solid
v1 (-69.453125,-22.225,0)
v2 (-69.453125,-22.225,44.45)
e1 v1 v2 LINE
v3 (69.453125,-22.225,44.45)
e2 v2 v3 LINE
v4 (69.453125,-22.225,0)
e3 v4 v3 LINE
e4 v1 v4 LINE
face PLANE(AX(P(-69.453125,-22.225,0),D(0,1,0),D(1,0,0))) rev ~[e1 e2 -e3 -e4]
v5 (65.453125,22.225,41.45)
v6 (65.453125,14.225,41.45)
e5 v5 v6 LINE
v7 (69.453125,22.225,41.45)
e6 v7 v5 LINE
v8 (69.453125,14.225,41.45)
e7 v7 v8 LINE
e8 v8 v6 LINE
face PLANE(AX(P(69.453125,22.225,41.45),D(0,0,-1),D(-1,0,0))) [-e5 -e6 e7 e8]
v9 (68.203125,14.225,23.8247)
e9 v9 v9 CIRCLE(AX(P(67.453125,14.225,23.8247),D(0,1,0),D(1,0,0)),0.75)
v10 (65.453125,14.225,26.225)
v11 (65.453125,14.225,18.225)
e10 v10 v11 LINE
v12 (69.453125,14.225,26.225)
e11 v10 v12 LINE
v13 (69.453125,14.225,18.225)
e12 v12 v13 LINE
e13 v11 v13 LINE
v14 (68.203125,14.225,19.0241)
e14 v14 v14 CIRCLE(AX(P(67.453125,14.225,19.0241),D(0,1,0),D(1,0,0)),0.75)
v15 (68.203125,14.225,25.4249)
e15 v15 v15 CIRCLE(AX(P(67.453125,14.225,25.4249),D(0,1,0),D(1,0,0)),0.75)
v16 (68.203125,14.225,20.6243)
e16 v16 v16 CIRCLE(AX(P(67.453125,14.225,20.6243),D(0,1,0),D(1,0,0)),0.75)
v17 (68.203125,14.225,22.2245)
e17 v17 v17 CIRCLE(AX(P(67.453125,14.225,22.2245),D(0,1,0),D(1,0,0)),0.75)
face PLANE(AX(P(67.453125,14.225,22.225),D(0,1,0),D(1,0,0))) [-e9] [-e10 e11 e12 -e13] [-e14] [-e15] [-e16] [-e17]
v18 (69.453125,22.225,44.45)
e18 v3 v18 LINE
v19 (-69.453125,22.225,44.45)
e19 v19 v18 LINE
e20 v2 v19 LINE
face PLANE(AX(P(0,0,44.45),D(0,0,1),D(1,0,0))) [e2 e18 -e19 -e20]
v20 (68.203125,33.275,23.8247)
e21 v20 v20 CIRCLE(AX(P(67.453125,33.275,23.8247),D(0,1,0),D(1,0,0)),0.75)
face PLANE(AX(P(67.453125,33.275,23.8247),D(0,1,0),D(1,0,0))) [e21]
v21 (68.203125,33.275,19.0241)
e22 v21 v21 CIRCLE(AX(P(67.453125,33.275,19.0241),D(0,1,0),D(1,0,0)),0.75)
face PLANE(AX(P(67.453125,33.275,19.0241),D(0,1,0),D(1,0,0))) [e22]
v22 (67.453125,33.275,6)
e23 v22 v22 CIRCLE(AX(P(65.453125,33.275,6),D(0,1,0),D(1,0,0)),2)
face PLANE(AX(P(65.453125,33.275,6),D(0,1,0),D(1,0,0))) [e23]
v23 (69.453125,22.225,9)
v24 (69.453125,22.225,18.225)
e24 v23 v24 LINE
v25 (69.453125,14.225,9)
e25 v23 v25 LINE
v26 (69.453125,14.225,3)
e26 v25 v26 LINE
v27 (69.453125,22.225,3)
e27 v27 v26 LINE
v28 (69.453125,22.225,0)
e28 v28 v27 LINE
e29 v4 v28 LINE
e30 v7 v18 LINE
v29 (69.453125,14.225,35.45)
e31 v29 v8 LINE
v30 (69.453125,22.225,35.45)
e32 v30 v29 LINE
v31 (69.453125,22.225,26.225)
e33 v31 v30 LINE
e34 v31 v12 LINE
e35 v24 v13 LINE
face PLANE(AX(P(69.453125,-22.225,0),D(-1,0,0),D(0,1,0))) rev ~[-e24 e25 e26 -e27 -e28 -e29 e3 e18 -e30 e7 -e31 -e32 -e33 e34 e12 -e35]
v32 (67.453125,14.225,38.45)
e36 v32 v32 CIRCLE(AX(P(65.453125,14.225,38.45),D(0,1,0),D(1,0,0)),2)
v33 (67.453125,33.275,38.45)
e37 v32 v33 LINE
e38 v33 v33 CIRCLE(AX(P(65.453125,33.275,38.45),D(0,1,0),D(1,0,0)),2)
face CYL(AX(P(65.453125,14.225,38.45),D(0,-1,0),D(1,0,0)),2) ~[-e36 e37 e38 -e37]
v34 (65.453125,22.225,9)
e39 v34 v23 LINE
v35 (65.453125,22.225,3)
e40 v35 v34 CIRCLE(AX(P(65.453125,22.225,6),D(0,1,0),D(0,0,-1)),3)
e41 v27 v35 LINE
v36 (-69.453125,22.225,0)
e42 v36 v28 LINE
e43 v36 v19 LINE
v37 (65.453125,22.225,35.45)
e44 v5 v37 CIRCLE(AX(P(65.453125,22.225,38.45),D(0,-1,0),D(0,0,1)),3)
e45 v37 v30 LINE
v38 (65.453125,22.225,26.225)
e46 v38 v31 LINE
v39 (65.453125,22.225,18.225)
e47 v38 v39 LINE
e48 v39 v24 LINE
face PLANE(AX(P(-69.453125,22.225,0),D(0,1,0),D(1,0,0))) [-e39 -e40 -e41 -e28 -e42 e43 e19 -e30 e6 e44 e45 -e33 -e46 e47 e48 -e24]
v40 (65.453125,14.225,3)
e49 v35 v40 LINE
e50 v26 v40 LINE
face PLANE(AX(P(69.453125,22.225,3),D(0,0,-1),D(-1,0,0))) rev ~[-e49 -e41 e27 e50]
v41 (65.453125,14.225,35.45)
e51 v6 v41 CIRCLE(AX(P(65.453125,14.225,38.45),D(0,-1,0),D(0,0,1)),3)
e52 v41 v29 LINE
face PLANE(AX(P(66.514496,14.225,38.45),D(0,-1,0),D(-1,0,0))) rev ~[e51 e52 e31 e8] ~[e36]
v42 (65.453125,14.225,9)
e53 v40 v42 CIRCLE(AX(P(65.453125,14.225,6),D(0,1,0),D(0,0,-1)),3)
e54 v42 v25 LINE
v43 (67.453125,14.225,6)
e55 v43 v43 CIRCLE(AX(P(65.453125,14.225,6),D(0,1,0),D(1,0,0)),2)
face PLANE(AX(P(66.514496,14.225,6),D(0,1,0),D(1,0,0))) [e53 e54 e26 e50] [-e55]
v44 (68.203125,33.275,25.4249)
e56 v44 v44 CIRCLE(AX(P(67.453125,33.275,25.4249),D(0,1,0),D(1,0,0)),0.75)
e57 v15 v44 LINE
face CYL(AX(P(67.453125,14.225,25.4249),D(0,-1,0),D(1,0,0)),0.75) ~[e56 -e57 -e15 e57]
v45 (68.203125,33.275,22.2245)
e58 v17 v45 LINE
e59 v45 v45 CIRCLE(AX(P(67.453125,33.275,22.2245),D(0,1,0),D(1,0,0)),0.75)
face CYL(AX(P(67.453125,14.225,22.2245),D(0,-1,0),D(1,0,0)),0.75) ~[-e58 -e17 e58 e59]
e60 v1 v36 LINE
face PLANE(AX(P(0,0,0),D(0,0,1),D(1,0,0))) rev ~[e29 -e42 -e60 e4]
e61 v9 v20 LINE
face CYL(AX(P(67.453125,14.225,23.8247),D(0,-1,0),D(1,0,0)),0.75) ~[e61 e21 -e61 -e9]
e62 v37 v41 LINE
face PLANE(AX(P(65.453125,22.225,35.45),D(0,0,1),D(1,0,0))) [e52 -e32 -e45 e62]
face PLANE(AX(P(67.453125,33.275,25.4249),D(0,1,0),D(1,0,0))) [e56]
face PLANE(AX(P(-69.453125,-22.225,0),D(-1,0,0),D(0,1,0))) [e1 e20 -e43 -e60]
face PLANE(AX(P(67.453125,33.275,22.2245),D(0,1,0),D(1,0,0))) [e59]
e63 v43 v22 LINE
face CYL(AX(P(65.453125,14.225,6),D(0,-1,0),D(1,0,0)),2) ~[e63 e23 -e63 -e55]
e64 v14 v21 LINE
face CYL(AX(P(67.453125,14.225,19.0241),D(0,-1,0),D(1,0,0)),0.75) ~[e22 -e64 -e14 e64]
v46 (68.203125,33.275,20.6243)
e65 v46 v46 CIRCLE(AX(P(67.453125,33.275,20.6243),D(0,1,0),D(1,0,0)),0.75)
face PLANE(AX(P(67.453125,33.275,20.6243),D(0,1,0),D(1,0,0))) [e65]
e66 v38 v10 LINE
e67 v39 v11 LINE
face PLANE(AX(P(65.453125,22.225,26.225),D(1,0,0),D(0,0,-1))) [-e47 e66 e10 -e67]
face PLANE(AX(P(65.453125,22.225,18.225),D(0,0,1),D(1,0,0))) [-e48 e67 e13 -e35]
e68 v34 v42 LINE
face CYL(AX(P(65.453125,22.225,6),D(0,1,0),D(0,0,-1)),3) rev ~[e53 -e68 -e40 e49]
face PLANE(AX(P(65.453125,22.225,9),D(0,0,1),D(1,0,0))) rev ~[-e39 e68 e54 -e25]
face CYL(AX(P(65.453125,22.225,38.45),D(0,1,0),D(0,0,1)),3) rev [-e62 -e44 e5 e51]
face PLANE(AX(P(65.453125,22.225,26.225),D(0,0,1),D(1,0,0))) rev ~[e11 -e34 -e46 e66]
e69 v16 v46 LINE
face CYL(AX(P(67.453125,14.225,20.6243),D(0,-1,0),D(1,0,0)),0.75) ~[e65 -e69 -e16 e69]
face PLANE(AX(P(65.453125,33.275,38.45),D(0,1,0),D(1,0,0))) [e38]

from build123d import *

# Parameters (mm, degrees)
SKETCH1_W           = 138.90625
SKETCH1_H           = 44.45
BOSS_EXTRUDE1_DEPTH = 44.45
SKETCH2_W           = 4
SKETCH2_H           = 8
CUT_EXTRUDE1_DEPTH  = 8
SKETCH3_R           = 2
SKETCH3_R_2         = 0.75
BOSS_EXTRUDE2_DEPTH = 19.05


with BuildPart() as part:
    # Sketch1 → Boss-Extrude1 (new body)
    with BuildSketch(Plane.XY):
        Rectangle(SKETCH1_W, SKETCH1_H)
    extrude(amount=BOSS_EXTRUDE1_DEPTH)

    # Sketch2 → Cut-Extrude1 (cut)
    with BuildSketch(Plane(origin=(0, 22.225, 0), x_dir=(1, 0, 0), z_dir=(0, 1, 0))):
        with BuildLine():
            Line((65.453125, -35.45), (69.453125, -35.45))
            Line((69.453125, -35.45), (69.453125, -41.45))
            Line((69.453125, -41.45), (65.453125, -41.45))
            ThreePointArc((65.453125, -41.45), (62.453125, -38.45), (65.453125, -35.45))
        make_face()
        with BuildLine():
            Line((69.453125, -3), (65.453125, -3))
            ThreePointArc((65.453125, -3), (62.453125, -6), (65.453125, -9))
            Line((65.453125, -9), (69.453125, -9))
            Line((69.453125, -9), (69.453125, -3))
        make_face()
        with Locations((67.453125, -22.225)):
            Rectangle(SKETCH2_W, SKETCH2_H)
    extrude(amount=-CUT_EXTRUDE1_DEPTH, mode=Mode.SUBTRACT)

    # Sketch3 → Boss-Extrude2 (add)
    with BuildSketch(Plane(origin=(0, 14.225, 0), x_dir=(1, 0, 0), z_dir=(0, 1, 0))):
        with Locations((65.453125, -38.45)):
            Circle(SKETCH3_R)
        with Locations((65.453125, -6)):
            Circle(SKETCH3_R)
        with Locations((67.453125, -19.0241)):
            Circle(SKETCH3_R_2)
        with Locations((67.453125, -20.6243)):
            Circle(SKETCH3_R_2)
        with Locations((67.453125, -22.2245)):
            Circle(SKETCH3_R_2)
        with Locations((67.453125, -23.8247)):
            Circle(SKETCH3_R_2)
        with Locations((67.453125, -25.4249)):
            Circle(SKETCH3_R_2)
    extrude(amount=BOSS_EXTRUDE2_DEPTH)


solid = part.part
